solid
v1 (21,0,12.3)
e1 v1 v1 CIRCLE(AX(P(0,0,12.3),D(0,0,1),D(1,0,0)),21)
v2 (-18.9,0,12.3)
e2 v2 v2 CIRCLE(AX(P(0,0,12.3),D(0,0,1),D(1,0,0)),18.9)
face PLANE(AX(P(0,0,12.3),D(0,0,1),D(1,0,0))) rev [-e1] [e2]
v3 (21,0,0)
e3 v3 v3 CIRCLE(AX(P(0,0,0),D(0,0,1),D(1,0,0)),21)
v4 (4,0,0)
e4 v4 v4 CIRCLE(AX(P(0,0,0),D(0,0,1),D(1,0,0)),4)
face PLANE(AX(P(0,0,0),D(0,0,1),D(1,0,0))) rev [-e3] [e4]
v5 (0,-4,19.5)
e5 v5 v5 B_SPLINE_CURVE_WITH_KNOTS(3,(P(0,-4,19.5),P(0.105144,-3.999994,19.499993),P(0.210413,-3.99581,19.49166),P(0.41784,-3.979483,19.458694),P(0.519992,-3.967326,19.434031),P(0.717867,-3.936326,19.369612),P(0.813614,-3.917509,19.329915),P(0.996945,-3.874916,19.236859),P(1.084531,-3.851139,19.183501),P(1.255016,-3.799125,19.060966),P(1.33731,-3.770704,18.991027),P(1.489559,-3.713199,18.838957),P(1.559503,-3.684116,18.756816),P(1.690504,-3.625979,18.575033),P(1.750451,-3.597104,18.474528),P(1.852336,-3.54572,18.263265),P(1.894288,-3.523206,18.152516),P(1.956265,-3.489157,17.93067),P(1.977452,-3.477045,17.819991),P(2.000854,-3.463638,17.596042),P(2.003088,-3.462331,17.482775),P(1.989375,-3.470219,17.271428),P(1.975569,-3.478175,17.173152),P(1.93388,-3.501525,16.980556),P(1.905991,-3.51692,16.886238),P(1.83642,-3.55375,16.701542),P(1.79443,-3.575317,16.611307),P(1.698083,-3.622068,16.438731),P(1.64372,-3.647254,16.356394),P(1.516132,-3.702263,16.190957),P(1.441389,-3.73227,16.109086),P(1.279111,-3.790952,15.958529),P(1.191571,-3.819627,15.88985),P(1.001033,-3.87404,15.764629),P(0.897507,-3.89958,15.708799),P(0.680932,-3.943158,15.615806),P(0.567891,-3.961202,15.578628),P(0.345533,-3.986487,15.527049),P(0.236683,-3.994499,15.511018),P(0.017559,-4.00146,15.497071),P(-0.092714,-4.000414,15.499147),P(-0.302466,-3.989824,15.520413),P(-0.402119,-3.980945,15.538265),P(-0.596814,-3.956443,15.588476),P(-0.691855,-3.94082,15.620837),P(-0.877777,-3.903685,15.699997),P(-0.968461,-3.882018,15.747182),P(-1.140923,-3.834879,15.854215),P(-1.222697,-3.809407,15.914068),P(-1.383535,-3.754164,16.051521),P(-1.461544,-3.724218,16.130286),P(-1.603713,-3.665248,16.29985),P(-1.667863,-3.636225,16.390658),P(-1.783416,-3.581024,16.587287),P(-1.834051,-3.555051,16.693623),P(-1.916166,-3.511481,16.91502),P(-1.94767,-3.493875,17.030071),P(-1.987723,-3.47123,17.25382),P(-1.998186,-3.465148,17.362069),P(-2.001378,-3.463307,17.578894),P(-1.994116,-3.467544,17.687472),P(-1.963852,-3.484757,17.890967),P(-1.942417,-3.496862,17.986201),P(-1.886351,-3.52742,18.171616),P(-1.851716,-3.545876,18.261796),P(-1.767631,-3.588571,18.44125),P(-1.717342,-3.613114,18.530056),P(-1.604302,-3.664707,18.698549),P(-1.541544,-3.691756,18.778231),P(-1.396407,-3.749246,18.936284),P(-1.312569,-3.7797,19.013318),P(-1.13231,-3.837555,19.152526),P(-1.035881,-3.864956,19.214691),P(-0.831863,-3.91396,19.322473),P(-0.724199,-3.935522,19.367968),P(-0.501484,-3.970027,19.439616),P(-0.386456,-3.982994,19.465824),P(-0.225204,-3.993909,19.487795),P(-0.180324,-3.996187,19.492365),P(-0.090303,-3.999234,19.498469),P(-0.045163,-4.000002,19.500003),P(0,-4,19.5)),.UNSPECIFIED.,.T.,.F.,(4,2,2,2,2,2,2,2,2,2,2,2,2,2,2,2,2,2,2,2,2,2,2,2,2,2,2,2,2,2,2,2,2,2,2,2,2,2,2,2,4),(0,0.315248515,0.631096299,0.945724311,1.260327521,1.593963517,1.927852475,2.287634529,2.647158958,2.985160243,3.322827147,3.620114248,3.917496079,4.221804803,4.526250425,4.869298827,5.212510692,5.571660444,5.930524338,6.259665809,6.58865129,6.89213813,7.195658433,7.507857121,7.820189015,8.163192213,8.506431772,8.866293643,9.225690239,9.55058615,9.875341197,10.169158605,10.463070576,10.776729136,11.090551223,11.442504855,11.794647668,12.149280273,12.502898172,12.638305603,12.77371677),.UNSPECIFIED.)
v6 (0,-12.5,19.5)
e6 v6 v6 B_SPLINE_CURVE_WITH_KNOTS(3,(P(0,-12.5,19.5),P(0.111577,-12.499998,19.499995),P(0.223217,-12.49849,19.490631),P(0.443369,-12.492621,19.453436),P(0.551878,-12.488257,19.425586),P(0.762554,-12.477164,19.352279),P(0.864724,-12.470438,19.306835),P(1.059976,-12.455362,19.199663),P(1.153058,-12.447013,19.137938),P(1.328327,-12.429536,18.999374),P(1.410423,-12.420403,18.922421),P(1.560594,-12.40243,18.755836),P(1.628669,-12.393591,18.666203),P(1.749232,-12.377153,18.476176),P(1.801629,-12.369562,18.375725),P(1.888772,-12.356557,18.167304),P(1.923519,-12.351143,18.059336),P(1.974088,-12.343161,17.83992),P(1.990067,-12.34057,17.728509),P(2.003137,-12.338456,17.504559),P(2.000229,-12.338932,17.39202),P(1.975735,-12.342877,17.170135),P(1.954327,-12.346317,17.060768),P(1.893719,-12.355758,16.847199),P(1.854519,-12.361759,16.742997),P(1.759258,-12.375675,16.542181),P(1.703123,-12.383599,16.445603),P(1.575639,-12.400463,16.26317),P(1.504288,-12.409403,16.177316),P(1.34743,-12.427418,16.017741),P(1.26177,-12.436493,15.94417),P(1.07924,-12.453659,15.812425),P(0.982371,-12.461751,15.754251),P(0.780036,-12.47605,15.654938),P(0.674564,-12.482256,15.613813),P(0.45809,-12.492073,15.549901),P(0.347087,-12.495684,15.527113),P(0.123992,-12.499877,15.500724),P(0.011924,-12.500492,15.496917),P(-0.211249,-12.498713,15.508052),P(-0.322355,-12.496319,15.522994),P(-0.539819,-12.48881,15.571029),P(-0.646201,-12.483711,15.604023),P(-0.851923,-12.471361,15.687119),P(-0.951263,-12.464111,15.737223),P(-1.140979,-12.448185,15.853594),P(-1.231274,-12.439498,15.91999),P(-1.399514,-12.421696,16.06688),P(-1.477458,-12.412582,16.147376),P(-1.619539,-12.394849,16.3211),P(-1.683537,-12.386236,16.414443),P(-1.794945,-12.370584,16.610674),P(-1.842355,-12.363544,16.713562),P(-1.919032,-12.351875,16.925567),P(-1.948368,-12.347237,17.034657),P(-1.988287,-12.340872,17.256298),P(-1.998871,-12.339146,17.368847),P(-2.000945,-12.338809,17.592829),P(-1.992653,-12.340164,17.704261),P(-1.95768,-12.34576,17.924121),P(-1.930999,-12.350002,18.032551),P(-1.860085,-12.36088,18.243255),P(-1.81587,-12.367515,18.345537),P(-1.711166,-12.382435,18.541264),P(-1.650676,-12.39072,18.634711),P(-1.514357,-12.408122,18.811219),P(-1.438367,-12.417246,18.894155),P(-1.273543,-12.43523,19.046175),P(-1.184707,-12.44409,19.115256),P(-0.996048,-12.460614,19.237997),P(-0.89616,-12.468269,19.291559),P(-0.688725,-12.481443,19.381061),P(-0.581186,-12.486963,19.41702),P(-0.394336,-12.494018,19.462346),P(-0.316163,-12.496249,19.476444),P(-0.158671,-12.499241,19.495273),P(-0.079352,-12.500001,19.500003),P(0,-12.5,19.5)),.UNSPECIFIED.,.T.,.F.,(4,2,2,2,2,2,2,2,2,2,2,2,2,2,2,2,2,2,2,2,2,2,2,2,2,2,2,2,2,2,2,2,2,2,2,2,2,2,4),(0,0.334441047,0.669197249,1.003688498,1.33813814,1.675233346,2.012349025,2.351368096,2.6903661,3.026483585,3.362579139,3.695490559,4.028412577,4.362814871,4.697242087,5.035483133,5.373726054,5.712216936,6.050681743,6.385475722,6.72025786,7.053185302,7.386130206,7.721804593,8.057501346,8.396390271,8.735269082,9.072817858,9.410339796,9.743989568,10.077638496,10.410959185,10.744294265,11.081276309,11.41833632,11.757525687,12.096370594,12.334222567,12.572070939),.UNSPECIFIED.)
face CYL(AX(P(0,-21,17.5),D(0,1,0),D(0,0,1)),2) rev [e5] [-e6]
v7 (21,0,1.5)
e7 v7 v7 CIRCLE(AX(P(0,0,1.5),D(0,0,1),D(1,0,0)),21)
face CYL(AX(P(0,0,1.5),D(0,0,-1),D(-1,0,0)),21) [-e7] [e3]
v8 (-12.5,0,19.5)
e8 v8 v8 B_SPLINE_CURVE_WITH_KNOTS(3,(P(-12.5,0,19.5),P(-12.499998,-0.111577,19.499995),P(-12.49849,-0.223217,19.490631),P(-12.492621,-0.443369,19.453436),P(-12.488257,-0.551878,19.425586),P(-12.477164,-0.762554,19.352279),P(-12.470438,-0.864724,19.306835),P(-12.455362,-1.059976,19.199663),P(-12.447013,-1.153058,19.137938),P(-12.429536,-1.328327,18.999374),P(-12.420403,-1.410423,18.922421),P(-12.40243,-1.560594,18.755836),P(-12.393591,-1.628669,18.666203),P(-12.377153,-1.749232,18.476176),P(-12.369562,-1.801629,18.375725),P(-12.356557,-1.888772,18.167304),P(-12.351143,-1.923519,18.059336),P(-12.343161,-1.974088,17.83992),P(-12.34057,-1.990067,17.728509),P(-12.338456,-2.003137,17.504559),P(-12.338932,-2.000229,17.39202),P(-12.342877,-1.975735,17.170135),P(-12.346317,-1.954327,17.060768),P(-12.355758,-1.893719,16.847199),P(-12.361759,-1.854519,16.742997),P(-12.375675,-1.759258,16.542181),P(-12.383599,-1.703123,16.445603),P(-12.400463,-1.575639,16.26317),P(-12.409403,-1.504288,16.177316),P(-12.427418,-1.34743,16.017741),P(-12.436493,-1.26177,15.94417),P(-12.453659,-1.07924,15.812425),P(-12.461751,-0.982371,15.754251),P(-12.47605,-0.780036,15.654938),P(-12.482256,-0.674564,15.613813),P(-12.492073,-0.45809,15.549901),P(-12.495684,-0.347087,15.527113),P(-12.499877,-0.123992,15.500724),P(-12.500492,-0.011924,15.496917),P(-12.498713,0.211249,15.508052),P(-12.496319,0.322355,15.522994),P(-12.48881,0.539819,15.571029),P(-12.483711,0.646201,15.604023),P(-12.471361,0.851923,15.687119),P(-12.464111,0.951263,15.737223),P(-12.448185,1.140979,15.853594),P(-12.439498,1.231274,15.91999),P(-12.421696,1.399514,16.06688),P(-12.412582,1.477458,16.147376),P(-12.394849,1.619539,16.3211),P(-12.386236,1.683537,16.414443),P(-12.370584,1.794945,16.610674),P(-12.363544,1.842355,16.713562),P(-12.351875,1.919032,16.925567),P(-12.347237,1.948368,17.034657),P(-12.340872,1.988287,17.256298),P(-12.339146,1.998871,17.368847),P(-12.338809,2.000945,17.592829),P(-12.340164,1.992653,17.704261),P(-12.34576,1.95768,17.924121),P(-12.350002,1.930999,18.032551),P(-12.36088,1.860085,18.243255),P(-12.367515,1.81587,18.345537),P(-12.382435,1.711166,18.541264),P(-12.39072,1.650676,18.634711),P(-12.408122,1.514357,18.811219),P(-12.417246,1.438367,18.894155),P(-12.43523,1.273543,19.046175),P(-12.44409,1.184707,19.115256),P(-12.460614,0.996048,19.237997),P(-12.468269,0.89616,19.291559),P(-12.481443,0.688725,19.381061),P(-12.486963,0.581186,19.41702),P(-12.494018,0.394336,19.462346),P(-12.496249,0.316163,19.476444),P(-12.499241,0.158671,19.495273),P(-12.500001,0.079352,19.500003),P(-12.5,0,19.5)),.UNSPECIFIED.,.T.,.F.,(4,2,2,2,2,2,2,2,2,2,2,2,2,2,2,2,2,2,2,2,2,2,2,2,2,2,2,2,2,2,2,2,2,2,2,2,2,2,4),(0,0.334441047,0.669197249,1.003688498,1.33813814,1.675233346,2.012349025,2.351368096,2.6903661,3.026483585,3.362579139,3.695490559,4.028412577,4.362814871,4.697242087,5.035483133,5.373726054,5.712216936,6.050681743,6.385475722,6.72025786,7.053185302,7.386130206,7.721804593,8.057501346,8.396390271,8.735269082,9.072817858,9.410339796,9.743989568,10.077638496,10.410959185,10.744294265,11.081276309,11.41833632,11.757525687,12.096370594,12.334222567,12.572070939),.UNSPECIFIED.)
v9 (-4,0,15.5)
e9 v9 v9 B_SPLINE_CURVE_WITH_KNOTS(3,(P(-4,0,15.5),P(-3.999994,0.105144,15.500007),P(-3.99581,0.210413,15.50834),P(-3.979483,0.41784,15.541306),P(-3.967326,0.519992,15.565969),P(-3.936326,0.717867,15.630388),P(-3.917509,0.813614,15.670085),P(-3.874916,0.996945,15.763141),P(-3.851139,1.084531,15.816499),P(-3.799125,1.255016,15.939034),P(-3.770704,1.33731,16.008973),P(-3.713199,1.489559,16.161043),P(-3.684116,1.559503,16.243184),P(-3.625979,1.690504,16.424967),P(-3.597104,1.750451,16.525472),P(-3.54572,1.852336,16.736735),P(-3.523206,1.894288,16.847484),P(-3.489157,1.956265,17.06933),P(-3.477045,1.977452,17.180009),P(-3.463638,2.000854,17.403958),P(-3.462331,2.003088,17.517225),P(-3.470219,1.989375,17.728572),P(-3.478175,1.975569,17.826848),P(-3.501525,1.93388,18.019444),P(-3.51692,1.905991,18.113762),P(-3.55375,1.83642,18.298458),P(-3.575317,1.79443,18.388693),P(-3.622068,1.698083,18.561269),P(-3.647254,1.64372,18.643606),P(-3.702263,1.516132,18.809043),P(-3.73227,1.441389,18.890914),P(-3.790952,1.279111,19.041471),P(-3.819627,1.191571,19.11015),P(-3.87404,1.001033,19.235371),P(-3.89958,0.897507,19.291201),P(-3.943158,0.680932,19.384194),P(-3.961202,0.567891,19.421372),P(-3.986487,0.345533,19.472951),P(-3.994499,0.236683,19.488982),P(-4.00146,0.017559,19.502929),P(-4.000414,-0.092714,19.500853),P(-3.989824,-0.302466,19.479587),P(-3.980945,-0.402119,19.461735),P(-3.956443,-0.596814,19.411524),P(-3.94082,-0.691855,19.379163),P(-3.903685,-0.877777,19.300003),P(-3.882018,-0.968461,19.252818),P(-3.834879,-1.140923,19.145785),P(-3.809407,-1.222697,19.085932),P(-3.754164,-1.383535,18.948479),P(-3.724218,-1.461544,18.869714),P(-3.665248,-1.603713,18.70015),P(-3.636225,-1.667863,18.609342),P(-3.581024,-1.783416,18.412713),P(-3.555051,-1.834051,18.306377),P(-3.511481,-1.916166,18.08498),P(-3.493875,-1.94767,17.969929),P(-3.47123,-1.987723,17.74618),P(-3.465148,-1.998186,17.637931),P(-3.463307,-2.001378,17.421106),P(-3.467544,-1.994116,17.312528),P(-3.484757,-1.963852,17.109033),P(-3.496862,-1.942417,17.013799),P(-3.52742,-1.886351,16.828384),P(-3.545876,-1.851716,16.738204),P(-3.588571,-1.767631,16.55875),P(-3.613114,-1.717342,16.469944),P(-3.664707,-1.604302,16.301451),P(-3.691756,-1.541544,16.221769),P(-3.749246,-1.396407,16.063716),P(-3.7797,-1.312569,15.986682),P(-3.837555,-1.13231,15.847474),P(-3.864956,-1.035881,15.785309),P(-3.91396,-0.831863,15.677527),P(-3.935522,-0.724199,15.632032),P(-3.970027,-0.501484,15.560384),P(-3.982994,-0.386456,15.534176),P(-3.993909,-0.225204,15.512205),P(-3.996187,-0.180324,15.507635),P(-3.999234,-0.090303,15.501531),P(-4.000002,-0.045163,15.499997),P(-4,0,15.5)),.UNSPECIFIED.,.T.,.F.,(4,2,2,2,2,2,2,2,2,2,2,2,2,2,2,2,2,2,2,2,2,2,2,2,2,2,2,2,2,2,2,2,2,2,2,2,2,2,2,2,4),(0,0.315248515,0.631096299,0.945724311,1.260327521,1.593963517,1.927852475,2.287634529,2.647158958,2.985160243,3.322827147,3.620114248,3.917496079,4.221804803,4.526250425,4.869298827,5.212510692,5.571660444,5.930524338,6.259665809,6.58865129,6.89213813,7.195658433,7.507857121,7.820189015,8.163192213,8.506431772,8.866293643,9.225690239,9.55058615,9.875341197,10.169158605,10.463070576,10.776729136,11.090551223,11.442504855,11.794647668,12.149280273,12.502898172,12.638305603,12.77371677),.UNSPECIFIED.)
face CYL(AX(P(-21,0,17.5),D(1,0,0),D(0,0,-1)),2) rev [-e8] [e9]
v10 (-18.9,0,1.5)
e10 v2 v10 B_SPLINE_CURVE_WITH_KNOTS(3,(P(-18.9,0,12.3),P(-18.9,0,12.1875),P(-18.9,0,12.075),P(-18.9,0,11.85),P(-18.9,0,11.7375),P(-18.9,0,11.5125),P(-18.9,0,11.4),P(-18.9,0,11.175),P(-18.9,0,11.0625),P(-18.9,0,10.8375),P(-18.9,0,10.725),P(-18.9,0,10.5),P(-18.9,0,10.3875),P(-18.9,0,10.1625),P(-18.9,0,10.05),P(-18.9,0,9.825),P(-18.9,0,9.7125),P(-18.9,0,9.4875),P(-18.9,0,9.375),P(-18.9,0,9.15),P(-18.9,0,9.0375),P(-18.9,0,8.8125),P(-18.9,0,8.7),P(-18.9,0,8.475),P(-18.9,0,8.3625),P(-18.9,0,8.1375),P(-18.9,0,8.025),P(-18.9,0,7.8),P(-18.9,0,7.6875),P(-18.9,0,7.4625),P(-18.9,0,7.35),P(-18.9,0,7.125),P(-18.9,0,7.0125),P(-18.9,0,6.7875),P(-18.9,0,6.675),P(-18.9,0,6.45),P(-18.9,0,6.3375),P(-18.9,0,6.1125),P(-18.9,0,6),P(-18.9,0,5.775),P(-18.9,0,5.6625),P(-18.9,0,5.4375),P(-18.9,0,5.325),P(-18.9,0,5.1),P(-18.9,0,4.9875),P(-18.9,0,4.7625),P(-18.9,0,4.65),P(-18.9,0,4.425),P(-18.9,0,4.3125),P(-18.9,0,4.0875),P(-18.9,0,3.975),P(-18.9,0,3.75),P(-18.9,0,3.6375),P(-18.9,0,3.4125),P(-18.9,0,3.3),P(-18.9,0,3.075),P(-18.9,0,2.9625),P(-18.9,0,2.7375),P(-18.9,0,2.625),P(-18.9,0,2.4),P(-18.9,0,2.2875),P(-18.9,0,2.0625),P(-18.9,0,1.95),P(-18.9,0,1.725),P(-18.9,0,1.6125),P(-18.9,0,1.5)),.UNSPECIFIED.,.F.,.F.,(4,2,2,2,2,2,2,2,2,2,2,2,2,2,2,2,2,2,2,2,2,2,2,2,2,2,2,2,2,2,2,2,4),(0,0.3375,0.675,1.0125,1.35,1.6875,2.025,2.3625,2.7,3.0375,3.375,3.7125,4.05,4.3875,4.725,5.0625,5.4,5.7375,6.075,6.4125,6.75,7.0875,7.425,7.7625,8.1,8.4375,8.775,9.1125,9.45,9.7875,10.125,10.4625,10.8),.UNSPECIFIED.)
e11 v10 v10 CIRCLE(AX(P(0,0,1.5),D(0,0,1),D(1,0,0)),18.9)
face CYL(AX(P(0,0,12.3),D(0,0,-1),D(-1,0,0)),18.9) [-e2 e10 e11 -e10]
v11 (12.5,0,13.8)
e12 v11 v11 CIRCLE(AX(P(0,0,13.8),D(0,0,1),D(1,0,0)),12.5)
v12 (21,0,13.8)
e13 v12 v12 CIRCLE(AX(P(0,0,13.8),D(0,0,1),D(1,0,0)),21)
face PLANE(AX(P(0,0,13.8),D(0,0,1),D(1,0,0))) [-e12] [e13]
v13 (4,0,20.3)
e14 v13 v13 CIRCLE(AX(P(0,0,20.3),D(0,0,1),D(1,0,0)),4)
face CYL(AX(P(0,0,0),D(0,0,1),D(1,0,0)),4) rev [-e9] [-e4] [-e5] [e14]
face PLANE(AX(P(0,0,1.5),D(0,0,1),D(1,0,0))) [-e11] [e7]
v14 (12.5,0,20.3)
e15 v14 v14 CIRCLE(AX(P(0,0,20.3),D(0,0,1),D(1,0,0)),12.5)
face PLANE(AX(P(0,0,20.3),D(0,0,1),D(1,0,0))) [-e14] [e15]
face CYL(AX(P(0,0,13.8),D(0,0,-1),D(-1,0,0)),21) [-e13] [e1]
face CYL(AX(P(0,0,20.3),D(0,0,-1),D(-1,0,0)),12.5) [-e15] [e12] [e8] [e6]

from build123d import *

# Parameters (mm, degrees)
CROQUIS1_R              = 21
SALIENTE_EXTRUIR1_DEPTH = 1.5
CROQUIS2_R              = 18.9
SALIENTE_EXTRUIR2_DEPTH = 10.8
CROQUIS3_R              = 21
SALIENTE_EXTRUIR3_DEPTH = 1.5
CROQUIS8_R              = 12.5
SALIENTE_EXTRUIR5_DEPTH = 6.5
CROQUIS6_R              = 2
CORTAR_EXTRUIR3_DEPTH   = 36.973462441
CROQUIS5_R              = 2
CORTAR_EXTRUIR2_DEPTH   = 36.973462498
CROQUIS4_R              = 4
CORTAR_EXTRUIR1_DEPTH   = 36.973462441


with BuildPart() as part:
    # Croquis1 → Saliente-Extruir1 (new body)
    with BuildSketch(Plane.XY):
        Circle(CROQUIS1_R)
    extrude(amount=SALIENTE_EXTRUIR1_DEPTH)

    # Croquis2 → Saliente-Extruir2 (add)
    with BuildSketch(Plane.XY.offset(1.5)):
        with Locations(Location((0, 0, 0), (0, 0, 180))):
            Circle(CROQUIS2_R)
    extrude(amount=SALIENTE_EXTRUIR2_DEPTH)

    # Croquis3 → Saliente-Extruir3 (add)
    with BuildSketch(Plane.XY.offset(12.3)):
        Circle(CROQUIS3_R)
    extrude(amount=SALIENTE_EXTRUIR3_DEPTH)

    # Croquis8 → Saliente-Extruir5 (add)
    with BuildSketch(Plane.XY.offset(13.8)):
        with Locations(Location((0, 0, 0), (0, 0, 180))):
            Circle(CROQUIS8_R)
    extrude(amount=SALIENTE_EXTRUIR5_DEPTH)

    # Croquis6 → Cortar-Extruir3 (cut, through all)
    with BuildSketch(Plane(origin=(0, 0, 0), x_dir=(1, 0, 0), z_dir=(0, 1, 0))):
        with Locations(Location((0, -17.5, 0), (0, 0, 270))):
            Circle(CROQUIS6_R)
    extrude(amount=-CORTAR_EXTRUIR3_DEPTH, mode=Mode.SUBTRACT)

    # Croquis5 → Cortar-Extruir2 (cut, through all)
    with BuildSketch(Plane(origin=(0, 0, 0), x_dir=(0, 0, -1), z_dir=(1, 0, 0))):
        with Locations(Location((-17.5, 0, 0), (0, 0, 180))):
            Circle(CROQUIS5_R)
    extrude(amount=-CORTAR_EXTRUIR2_DEPTH, mode=Mode.SUBTRACT)

    # Croquis4 → Cortar-Extruir1 (cut, through all)
    with BuildSketch(Plane.XY.offset(20.3)):
        Circle(CROQUIS4_R)
    extrude(amount=-CORTAR_EXTRUIR1_DEPTH, mode=Mode.SUBTRACT)


solid = part.part
